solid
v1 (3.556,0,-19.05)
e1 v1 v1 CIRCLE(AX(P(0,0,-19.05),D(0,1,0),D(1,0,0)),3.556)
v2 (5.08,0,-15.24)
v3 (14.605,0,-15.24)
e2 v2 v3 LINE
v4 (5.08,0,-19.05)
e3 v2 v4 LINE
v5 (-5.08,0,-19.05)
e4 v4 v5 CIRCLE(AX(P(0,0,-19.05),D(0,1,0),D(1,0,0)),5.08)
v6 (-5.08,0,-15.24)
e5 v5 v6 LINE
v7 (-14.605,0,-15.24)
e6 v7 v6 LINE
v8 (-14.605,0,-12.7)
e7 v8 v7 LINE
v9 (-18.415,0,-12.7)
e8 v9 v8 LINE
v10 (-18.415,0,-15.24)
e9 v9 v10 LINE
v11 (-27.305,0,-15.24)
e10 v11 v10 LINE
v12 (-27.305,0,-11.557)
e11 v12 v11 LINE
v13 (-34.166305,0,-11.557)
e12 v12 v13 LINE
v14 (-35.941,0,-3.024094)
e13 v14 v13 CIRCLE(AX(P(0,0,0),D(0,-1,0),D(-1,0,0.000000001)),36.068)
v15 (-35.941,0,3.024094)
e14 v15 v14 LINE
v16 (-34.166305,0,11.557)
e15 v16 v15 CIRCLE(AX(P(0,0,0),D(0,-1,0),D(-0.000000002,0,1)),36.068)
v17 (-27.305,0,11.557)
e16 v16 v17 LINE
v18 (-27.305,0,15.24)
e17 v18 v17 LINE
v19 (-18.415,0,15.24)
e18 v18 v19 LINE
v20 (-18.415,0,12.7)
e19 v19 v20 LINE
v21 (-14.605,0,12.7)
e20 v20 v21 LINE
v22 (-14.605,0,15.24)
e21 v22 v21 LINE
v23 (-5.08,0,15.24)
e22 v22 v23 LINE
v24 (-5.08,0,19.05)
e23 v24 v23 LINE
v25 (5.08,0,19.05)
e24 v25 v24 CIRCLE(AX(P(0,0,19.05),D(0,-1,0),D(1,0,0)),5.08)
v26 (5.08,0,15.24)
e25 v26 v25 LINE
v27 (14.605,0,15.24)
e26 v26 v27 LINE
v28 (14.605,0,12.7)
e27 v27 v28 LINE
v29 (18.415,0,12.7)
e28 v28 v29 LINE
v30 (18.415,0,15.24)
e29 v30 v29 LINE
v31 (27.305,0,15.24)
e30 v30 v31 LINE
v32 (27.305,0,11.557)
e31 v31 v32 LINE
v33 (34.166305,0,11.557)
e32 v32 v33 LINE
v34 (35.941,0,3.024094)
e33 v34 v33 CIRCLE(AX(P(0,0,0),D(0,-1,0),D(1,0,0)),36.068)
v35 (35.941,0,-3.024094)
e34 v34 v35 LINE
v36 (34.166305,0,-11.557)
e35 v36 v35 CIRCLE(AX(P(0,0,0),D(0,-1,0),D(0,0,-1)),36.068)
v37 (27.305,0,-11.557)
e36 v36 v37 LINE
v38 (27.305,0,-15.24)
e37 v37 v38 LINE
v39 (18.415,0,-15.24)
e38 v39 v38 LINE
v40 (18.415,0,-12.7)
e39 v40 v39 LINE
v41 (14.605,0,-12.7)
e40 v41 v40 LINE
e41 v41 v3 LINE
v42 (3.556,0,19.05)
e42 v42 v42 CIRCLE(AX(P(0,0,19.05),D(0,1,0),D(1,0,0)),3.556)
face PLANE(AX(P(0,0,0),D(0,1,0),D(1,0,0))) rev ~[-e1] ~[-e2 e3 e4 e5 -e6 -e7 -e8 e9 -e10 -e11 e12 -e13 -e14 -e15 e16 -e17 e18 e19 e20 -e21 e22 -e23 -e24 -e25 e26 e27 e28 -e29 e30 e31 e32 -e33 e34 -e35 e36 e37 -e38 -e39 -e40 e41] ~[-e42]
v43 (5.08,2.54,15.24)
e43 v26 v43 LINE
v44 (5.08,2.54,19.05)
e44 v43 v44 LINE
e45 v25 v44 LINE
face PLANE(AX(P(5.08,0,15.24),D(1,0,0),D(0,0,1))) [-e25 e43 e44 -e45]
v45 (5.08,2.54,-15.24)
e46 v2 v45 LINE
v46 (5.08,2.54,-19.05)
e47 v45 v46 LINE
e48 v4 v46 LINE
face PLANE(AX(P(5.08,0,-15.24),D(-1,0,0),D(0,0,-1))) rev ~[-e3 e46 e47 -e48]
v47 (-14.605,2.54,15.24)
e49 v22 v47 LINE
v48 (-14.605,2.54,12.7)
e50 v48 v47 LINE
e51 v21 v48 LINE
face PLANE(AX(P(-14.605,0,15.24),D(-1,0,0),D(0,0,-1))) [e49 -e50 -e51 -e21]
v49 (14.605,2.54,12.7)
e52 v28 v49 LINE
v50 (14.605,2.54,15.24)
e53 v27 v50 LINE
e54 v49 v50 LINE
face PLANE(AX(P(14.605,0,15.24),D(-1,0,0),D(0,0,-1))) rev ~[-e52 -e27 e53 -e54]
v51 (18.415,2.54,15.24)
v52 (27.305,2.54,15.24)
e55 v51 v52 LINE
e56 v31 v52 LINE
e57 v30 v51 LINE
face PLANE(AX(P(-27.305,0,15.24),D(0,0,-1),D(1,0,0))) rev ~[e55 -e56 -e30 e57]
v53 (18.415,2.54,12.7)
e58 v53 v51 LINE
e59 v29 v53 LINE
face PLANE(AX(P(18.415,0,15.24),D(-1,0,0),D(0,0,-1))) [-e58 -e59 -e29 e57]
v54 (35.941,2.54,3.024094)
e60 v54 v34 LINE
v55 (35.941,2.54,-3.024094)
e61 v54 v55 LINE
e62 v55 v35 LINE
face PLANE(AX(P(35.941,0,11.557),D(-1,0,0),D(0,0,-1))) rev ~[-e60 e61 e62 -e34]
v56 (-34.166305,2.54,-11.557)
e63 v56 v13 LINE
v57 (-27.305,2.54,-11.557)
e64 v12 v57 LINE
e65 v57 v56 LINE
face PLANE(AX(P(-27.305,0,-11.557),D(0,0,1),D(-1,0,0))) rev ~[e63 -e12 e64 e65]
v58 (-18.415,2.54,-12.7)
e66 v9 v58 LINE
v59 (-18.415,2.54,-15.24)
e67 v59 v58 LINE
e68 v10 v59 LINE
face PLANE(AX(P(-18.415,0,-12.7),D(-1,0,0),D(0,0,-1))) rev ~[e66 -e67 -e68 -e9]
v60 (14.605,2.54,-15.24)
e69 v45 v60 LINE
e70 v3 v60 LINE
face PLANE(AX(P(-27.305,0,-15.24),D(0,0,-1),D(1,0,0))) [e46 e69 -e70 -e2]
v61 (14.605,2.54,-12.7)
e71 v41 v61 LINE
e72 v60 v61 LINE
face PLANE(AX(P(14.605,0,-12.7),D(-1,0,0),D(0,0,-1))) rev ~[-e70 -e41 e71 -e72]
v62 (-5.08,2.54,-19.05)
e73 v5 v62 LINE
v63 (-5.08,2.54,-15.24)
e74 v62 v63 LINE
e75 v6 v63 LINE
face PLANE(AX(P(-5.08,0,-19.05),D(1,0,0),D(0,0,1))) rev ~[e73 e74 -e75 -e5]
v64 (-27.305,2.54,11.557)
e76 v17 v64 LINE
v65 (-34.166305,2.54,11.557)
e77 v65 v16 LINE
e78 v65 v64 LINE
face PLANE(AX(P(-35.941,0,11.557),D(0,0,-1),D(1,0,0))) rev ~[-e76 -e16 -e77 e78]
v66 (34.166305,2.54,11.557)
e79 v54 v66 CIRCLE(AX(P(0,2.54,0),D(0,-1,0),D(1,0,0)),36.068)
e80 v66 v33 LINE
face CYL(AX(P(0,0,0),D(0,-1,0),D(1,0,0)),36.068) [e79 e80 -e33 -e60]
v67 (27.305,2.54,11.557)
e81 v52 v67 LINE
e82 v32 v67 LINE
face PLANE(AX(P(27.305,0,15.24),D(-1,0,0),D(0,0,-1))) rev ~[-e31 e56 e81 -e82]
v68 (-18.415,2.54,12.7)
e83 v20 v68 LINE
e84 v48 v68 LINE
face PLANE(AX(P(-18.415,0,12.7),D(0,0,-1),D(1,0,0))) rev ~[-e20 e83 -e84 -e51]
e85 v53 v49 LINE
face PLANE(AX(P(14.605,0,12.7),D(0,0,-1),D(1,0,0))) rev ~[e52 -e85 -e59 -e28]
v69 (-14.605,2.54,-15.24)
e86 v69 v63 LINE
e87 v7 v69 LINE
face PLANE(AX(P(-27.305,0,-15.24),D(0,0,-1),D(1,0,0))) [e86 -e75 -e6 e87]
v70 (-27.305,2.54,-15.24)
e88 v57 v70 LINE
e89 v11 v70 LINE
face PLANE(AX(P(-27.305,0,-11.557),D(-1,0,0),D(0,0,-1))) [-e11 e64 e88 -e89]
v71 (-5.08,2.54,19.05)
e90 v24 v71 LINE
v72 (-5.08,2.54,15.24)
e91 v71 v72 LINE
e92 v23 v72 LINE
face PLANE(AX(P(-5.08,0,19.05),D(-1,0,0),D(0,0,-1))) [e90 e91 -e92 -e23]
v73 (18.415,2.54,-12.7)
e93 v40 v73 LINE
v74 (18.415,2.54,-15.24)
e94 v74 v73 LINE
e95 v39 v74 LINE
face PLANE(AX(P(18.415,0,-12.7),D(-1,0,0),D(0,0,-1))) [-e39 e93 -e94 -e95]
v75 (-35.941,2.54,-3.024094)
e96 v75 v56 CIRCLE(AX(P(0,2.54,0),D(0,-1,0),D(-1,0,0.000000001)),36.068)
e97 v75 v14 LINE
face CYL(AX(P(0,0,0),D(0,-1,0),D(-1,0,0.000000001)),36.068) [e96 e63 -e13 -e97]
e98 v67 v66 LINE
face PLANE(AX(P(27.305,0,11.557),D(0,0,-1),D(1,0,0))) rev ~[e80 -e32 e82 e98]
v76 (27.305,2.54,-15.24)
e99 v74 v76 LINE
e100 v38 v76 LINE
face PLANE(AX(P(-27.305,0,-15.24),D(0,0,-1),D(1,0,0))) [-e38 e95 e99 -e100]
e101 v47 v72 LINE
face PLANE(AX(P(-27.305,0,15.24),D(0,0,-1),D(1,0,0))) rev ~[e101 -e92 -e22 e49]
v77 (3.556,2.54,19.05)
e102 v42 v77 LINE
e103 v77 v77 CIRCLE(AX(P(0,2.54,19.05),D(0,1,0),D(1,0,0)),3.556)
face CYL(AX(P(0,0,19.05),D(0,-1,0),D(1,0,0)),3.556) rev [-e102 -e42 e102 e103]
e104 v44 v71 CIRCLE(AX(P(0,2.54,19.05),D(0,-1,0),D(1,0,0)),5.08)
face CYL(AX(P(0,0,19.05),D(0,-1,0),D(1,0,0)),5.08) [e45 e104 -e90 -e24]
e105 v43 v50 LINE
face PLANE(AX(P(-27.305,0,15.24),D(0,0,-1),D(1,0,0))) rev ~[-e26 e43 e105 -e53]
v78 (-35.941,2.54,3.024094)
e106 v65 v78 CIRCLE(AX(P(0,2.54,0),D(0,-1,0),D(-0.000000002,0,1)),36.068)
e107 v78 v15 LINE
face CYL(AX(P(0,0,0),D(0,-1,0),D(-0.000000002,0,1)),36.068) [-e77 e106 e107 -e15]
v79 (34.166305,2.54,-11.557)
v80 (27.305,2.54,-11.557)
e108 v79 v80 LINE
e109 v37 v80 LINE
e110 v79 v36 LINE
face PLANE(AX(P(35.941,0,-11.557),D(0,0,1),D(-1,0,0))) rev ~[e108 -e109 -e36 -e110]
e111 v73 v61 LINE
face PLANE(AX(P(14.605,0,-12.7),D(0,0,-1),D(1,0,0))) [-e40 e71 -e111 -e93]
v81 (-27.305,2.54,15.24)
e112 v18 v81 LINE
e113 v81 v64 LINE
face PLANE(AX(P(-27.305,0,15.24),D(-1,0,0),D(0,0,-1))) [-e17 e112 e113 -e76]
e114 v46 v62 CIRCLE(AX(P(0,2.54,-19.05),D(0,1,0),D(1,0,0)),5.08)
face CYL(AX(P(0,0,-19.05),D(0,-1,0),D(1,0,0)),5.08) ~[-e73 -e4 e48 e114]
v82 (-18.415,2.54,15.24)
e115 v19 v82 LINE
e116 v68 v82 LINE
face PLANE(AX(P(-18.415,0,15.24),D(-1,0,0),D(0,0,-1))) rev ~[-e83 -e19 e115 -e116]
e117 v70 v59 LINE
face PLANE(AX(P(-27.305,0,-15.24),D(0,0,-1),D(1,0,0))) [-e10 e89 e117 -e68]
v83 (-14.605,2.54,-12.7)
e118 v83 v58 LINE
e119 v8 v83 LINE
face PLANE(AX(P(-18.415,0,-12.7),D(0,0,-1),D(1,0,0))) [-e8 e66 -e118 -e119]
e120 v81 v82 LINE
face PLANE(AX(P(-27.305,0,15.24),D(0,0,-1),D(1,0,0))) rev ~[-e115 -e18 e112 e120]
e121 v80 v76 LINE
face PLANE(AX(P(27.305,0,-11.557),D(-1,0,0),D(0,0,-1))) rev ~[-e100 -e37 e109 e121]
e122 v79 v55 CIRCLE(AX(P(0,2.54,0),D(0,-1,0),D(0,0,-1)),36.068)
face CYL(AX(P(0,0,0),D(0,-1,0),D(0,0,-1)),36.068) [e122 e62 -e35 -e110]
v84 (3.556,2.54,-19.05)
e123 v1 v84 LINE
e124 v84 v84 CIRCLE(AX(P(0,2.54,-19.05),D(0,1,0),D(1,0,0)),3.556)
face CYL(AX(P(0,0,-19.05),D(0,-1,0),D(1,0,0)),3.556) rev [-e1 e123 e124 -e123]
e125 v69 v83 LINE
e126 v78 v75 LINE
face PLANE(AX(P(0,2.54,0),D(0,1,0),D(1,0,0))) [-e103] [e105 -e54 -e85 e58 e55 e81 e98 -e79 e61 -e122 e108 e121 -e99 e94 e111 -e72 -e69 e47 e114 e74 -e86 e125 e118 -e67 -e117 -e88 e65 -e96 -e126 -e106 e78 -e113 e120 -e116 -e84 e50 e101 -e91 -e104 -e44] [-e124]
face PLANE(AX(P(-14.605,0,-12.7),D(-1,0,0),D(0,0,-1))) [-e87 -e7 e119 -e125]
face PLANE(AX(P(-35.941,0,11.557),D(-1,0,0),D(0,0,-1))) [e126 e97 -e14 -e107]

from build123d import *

# Parameters (mm, degrees)
SKETCH1_W               = 54.61
SKETCH1_H               = 23.114
SKETCH1_W_2             = 8.636
SKETCH1_H_2             = 3.683
BOSS_EXTRUDE1_DEPTH     = 2.54
CUT_EXTRUDE1_DEPTH      = 3.54
CUT_EXTRUDE1_DEPTH_BACK = 1
SKETCH3_R               = 3.556
BOSS_EXTRUDE2_DEPTH     = 2.54
SKETCH4_W               = 3.81
SKETCH4_H               = 2.54
CUT_EXTRUDE3_DEPTH      = 3.54


with BuildPart() as part:
    # Sketch1 → Boss-Extrude1 (new body)
    with BuildSketch(Plane(origin=(0, 0, 0), x_dir=(1, 0, 0), z_dir=(0, 1, 0))):
        Rectangle(SKETCH1_W, SKETCH1_H)
        with Locations((-31.623, 0)):
            Rectangle(SKETCH1_W_2, SKETCH1_H)
        with Locations((31.623, 0)):
            Rectangle(SKETCH1_W_2, SKETCH1_H)
        with Locations((0, -13.3985)):
            Rectangle(SKETCH1_W, SKETCH1_H_2)
        with Locations((0, 13.3985)):
            Rectangle(SKETCH1_W, SKETCH1_H_2)
    extrude(amount=BOSS_EXTRUDE1_DEPTH)

    # Sketch2 → Cut-Extrude1 (cut, two sides)
    with BuildSketch(Plane(origin=(0, 0, 0), x_dir=(1, 0, 0), z_dir=(0, 1, 0))) as cut_extrude1_sk:
        with BuildLine():
            Line((-36.068, 36.068), (-36.068, -3.1e-08))
            ThreePointArc((-36.068, -3.1e-08), (-25.503927395, 25.503927373), (0, 36.068))
            Line((0, 36.068), (-36.068, 36.068))
        make_face()
        with BuildLine():
            ThreePointArc((0, 36.068), (25.503927384, 25.503927384), (36.068, 0))
            Line((36.068, 0), (36.068, 36.068))
            Line((36.068, 36.068), (0, 36.068))
        make_face()
        with BuildLine():
            ThreePointArc((36.068, 0), (25.503927365, -25.503927403), (-5.3e-08, -36.068))
            Line((-5.3e-08, -36.068), (36.068, -36.068))
            Line((36.068, -36.068), (36.068, 0))
        make_face()
        with BuildLine():
            Line((-36.068, -3.1e-08), (-36.068, -36.068))
            Line((-36.068, -36.068), (-5.3e-08, -36.068))
            ThreePointArc((-5.3e-08, -36.068), (-25.503927391, -25.503927376), (-36.068, -3.1e-08))
        make_face()
    extrude(amount=CUT_EXTRUDE1_DEPTH, mode=Mode.SUBTRACT)
    extrude(cut_extrude1_sk.sketch, amount=-CUT_EXTRUDE1_DEPTH_BACK, mode=Mode.SUBTRACT)

    # Sketch3 → Boss-Extrude2 (add)
    with BuildSketch(Plane(origin=(0, 0, 0), x_dir=(1, 0, 0), z_dir=(0, 1, 0))):
        with BuildLine():
            Line((-5.08, 19.05), (-5.08, 15.24))
            Line((-5.08, 15.24), (5.08, 15.24))
            Line((5.08, 15.24), (5.08, 19.05))
            ThreePointArc((5.08, 19.05), (0, 24.13), (-5.08, 19.05))
        make_face()
        with Locations((0, 19.05)):
            Circle(SKETCH3_R, mode=Mode.SUBTRACT)
        with BuildLine():
            Line((-5.08, -19.05), (-5.08, -15.24))
            Line((-5.08, -15.24), (5.08, -15.24))
            Line((5.08, -15.24), (5.08, -19.05))
            ThreePointArc((5.08, -19.05), (0, -24.13), (-5.08, -19.05))
        make_face()
        with Locations((0, -19.05)):
            Circle(SKETCH3_R, mode=Mode.SUBTRACT)
    extrude(amount=BOSS_EXTRUDE2_DEPTH)

    # Sketch4 → Cut-Extrude3 (cut, through all)
    with BuildSketch(Plane(origin=(0, 0, 0), x_dir=(1, 0, 0), z_dir=(0, 1, 0))):
        with Locations((-16.51, 13.97)):
            Rectangle(SKETCH4_W, SKETCH4_H)
        with Locations((16.51, 13.97)):
            Rectangle(SKETCH4_W, SKETCH4_H)
        with Locations((-16.51, -13.97)):
            Rectangle(SKETCH4_W, SKETCH4_H)
        with Locations((16.51, -13.97)):
            Rectangle(SKETCH4_W, SKETCH4_H)
    extrude(amount=CUT_EXTRUDE3_DEPTH, mode=Mode.SUBTRACT)


solid = part.part
